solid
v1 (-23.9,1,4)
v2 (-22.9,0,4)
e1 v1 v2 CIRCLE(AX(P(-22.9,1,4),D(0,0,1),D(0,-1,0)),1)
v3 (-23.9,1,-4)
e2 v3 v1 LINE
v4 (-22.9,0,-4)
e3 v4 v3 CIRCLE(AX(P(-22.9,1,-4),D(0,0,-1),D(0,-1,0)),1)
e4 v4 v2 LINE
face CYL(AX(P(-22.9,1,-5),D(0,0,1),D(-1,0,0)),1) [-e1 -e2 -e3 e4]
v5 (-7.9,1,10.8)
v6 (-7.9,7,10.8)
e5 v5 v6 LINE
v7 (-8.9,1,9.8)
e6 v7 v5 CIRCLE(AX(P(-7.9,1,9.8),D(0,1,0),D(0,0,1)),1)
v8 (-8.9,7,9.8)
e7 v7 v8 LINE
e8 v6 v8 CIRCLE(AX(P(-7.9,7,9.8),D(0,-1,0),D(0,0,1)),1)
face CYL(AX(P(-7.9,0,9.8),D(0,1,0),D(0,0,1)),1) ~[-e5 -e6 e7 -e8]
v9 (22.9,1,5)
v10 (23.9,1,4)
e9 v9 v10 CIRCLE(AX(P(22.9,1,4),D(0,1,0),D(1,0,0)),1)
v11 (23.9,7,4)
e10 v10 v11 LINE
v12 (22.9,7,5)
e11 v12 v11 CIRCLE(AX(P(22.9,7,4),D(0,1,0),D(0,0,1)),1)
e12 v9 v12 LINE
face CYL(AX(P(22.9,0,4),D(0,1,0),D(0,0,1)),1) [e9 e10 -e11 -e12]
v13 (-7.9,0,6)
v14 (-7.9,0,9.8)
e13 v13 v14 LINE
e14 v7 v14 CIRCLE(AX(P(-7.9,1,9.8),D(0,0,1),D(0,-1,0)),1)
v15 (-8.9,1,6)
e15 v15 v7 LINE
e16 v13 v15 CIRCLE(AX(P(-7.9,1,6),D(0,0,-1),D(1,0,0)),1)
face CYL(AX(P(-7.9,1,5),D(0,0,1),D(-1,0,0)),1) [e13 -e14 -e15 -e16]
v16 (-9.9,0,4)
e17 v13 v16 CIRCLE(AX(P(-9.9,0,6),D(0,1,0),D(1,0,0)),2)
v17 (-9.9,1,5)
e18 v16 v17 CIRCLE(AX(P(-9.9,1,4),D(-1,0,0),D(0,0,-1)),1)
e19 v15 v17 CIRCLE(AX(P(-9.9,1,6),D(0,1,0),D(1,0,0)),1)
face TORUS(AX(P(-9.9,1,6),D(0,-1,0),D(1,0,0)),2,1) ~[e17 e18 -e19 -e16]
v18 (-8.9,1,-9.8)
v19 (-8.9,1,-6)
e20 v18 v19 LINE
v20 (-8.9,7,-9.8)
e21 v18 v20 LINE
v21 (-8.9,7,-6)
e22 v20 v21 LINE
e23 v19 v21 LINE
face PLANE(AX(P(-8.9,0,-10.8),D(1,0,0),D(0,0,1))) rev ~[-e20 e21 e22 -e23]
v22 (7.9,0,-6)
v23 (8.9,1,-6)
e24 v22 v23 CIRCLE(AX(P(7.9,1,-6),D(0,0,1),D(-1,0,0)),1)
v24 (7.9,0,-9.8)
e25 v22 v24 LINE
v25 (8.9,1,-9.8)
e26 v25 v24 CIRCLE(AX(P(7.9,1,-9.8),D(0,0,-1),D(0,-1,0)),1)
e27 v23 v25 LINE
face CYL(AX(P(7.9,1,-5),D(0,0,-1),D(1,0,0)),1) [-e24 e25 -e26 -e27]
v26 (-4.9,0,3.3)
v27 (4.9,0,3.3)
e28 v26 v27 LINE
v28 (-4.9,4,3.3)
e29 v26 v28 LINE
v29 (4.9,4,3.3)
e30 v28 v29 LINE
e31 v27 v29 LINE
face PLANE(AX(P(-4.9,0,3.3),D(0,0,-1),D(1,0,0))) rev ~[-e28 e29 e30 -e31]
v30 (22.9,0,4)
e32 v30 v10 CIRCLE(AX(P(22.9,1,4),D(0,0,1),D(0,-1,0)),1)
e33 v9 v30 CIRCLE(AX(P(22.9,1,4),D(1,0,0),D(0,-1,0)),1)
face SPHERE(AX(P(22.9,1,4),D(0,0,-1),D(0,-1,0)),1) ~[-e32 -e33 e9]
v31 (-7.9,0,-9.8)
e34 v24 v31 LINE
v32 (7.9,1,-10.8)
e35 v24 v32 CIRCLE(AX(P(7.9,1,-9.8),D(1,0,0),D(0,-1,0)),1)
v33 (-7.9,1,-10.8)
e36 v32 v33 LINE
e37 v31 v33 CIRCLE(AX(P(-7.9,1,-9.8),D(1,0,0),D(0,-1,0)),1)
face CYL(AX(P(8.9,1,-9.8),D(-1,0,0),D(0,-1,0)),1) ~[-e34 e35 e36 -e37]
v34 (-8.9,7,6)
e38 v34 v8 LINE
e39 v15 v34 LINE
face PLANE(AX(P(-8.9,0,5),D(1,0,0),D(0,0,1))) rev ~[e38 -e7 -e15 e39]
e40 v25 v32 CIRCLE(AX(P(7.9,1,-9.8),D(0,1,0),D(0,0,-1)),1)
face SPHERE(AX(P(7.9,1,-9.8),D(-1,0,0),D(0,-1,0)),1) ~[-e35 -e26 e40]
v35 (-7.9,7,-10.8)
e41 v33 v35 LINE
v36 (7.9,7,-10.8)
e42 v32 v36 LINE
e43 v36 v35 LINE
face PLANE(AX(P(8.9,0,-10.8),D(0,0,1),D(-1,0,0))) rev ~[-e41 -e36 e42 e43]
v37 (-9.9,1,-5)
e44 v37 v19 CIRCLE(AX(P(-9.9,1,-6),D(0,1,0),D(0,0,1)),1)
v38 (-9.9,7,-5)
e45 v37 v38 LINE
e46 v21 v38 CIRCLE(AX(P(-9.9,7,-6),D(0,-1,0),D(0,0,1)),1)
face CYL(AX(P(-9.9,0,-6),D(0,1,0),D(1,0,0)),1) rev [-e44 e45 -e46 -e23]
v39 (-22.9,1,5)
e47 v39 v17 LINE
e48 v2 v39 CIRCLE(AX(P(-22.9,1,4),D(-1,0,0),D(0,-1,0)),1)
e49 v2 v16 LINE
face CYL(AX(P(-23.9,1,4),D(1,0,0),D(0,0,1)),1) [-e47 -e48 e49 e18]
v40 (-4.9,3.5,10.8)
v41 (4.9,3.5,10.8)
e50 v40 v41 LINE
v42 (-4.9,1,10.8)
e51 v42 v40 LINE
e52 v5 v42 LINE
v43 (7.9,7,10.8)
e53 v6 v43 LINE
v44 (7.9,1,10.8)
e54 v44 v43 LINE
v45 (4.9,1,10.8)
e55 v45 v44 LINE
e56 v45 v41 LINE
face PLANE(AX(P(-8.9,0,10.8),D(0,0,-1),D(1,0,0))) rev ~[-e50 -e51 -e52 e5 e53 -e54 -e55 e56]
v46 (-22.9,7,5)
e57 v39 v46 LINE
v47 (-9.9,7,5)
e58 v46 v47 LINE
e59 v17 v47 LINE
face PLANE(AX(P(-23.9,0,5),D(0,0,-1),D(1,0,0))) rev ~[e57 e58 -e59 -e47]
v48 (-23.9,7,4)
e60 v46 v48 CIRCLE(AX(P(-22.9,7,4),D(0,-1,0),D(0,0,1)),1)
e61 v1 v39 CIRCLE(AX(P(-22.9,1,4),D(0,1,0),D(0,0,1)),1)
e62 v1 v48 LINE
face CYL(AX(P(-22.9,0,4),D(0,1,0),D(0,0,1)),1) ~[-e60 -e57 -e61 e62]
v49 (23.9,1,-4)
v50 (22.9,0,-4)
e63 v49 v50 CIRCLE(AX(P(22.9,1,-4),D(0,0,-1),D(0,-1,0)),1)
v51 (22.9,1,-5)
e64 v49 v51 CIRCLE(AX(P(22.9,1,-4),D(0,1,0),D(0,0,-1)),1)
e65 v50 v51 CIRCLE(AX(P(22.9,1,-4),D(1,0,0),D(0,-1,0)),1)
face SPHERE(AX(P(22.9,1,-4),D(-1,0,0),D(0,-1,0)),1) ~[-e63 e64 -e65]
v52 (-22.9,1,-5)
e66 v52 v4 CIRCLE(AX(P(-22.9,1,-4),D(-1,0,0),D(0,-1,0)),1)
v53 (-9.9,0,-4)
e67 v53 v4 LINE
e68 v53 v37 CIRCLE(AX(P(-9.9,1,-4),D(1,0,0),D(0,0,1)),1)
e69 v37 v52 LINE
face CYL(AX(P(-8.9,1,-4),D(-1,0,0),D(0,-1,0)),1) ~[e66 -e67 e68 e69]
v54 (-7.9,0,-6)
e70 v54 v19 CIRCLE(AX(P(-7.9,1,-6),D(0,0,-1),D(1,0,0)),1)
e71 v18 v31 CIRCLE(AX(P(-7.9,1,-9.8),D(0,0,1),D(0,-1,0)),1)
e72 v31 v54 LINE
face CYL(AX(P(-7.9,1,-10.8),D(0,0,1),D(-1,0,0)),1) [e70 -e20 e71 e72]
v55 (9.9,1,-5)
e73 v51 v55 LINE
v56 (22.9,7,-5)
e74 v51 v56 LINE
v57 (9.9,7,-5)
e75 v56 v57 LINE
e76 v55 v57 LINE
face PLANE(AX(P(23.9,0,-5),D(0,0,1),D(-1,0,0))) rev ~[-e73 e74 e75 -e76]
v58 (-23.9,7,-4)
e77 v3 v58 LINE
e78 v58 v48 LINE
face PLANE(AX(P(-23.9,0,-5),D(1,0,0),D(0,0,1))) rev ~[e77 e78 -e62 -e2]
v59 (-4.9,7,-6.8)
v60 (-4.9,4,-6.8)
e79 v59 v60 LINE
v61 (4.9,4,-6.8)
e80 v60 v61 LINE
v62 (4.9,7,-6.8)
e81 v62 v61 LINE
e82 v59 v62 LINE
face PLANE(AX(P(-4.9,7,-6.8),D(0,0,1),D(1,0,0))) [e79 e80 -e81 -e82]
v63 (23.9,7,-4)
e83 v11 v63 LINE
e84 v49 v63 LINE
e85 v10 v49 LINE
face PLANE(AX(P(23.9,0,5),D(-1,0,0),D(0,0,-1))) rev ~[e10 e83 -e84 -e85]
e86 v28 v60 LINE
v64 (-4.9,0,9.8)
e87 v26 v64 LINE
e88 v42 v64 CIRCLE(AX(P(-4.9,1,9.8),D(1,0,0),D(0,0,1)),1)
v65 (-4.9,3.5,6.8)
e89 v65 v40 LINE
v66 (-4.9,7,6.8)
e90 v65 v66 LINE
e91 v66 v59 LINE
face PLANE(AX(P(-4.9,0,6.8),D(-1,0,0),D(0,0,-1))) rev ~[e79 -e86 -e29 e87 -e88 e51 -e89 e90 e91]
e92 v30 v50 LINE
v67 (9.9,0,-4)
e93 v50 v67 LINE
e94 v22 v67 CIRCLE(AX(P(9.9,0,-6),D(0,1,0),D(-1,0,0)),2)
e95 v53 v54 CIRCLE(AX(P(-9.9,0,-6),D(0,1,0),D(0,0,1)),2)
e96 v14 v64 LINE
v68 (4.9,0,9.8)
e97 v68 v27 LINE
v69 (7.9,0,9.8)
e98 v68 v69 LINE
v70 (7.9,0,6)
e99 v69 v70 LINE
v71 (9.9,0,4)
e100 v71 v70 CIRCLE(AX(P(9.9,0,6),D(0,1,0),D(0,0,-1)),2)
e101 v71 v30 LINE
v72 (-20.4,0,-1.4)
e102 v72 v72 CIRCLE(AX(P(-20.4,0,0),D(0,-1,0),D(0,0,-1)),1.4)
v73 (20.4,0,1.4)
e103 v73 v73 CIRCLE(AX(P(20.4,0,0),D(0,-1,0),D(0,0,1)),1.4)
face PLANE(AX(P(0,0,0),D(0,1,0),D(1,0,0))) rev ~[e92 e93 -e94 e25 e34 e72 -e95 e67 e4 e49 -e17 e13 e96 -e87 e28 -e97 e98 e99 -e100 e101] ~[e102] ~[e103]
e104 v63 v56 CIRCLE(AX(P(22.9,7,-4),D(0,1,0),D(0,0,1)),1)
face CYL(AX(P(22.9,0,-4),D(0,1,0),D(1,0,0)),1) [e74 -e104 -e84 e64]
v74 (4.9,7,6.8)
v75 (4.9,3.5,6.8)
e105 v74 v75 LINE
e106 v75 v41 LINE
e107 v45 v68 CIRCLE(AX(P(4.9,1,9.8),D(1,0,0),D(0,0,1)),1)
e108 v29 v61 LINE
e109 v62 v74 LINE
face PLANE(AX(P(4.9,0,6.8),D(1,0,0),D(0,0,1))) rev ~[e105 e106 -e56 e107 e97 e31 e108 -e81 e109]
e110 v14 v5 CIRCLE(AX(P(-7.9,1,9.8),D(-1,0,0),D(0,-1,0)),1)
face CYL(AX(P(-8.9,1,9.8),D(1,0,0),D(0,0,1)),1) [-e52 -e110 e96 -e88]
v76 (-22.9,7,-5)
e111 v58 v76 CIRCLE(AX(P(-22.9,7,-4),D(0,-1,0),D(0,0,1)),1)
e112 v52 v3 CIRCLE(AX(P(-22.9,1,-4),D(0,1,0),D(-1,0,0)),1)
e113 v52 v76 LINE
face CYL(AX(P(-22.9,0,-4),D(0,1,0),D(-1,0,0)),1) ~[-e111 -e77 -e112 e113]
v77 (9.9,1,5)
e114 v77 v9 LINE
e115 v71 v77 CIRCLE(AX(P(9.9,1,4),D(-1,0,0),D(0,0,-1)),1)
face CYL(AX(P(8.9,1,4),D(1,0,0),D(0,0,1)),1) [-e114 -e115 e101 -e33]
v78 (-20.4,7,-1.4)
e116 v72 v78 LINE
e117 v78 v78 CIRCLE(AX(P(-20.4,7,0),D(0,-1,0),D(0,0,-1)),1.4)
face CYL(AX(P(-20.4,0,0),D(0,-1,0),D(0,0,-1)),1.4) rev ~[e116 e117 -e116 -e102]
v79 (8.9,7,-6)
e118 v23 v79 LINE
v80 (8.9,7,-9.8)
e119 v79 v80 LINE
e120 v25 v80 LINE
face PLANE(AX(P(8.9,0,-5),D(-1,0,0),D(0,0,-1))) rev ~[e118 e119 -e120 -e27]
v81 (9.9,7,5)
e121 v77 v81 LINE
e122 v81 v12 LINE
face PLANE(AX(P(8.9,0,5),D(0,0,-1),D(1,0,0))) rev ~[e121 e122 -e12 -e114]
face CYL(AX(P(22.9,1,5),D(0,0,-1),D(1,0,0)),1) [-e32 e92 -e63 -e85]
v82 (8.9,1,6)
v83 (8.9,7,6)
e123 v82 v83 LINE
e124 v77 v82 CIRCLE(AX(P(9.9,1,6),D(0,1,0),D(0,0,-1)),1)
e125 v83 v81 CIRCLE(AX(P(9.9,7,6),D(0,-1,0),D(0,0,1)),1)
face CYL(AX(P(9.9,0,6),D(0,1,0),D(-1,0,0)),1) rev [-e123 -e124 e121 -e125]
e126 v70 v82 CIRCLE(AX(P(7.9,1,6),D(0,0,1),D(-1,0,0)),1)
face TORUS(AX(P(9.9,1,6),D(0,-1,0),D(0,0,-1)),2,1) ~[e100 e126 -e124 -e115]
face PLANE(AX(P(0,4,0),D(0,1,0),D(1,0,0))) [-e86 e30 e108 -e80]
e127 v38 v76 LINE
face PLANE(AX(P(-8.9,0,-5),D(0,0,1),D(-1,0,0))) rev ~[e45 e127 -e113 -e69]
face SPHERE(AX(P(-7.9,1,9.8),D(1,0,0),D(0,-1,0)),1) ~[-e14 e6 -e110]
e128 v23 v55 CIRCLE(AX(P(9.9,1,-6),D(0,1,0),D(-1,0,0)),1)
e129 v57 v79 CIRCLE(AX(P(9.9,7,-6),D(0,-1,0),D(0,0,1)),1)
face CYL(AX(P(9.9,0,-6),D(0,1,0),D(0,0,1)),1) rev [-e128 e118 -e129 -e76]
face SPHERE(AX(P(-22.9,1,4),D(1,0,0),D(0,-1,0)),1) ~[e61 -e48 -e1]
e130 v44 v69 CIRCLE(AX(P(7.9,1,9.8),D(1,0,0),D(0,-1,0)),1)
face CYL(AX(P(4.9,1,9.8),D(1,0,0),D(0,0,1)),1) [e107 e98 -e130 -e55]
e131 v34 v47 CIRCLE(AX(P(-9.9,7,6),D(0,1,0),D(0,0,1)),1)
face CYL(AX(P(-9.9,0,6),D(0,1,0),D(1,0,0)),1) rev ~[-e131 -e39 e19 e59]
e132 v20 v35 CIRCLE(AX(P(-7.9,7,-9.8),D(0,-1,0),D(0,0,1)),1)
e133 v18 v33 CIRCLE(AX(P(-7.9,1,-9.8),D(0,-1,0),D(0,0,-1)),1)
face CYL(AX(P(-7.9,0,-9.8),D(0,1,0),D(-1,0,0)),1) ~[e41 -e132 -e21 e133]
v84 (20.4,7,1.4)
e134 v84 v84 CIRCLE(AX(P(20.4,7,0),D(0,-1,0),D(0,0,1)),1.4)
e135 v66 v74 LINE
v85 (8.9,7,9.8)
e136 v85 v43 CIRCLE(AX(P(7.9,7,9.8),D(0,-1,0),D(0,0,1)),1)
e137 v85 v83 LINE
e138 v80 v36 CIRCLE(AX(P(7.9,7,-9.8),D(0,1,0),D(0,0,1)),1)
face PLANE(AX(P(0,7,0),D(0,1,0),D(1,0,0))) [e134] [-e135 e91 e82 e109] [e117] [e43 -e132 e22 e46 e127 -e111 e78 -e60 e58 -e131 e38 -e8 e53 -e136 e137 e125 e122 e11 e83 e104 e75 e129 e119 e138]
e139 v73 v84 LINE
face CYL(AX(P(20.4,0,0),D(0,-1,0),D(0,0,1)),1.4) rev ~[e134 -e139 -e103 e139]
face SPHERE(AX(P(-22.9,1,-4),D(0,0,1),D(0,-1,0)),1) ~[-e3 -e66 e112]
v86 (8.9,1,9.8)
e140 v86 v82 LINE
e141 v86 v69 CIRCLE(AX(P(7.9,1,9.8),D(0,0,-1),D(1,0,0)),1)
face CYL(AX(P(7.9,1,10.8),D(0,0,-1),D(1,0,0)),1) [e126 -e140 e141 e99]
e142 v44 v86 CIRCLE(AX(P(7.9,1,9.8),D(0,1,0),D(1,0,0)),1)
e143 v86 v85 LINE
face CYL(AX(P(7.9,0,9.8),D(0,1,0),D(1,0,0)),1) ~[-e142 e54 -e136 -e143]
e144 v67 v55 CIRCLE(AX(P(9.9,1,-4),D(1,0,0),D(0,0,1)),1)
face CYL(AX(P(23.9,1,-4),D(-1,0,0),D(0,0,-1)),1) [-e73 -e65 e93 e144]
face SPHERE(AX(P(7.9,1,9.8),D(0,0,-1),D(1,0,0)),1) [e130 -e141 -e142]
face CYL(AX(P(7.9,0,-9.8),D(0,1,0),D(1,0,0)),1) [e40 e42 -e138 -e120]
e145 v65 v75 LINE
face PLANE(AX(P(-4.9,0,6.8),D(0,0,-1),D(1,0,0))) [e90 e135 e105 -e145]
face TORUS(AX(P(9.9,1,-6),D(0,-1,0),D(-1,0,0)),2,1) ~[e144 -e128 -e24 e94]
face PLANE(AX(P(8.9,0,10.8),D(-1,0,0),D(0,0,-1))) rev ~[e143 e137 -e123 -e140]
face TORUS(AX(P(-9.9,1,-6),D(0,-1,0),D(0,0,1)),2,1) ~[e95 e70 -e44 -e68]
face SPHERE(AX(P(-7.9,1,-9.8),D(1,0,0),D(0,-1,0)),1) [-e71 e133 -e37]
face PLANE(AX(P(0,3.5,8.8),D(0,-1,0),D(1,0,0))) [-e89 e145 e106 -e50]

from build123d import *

# Parameters (mm, degrees)
SKETCH1_W                 = 9.8
SKETCH1_H                 = 3.5
BASE_DEPTH                = 7
SKETCH2_W                 = 9.8
SKETCH2_H                 = 13.6
PCB_CUTOUT_DEPTH          = 3
SKETCH5_R                 = 1.4
SCREW_HOLES_DEPTH         = 28.14498112
SKETCH6_W                 = 9.8
SKETCH6_H                 = 4
PIN_HEADERS_OPENING_DEPTH = 3.5
F_1MM_EDGE_FILLETS_R      = 1


with BuildPart() as part:
    # Sketch1 → Base (new body)
    with BuildSketch(Plane(origin=(0, 0, 0), x_dir=(1, 0, 0), z_dir=(0, 1, 0))):
        Polygon((-8.9, 10.8), (-8.9, 5), (-23.9, 5), (-23.9, -5), (-8.9, -5), (-8.9, -10.8), (8.9, -10.8), (8.9, -5), (23.9, -5), (23.9, 5), (8.9, 5), (8.9, 10.8), (0, 10.8), align=None)
        with Locations((0, -5.05)):
            Rectangle(SKETCH1_W, SKETCH1_H, mode=Mode.SUBTRACT)
    extrude(amount=BASE_DEPTH)

    # Sketch2 → PCB Cutout (cut)
    with BuildSketch(Plane(origin=(0, 7, 0), x_dir=(1, 0, 0), z_dir=(0, 1, 0))):
        Rectangle(SKETCH2_W, SKETCH2_H)
    extrude(amount=-PCB_CUTOUT_DEPTH, mode=Mode.SUBTRACT)

    # Sketch5 → Screw Holes (cut, through all)
    with BuildSketch(Plane.XZ):
        with Locations((-20.4, 0)):
            Circle(SKETCH5_R)
        with Locations((20.4, 0)):
            Circle(SKETCH5_R)
    extrude(amount=-SCREW_HOLES_DEPTH, mode=Mode.SUBTRACT)

    # Sketch6 → Pin Headers Opening (cut)
    with BuildSketch(Plane.XZ):
        with Locations((0, 8.8)):
            Rectangle(SKETCH6_W, SKETCH6_H)
    extrude(amount=-PIN_HEADERS_OPENING_DEPTH, mode=Mode.SUBTRACT)

    # 1mm Edge Fillets
    f_1mm_edge_fillets_edges = [part.edges().sort_by_distance(p)[0] for p in [
        (-8.9, 3.5, -10.8),
        (8.9, 3.5, -10.8),
        (8.9, 3.5, -5),
        (23.9, 3.5, -5),
        (23.9, 3.5, 5),
        (8.9, 3.5, 5),
        (8.9, 3.5, 10.8),
        (-8.9, 3.5, 10.8),
        (-8.9, 3.5, 5),
        (-8.9, 3.5, -5),
        (-23.9, 3.5, -5),
        (-23.9, 3.5, 5),
        (-8.9, 0, 7.9),
        (-8.9, 0, -7.9),
        (8.9, 0, -7.9),
        (8.9, 0, 7.9),
        (6.9, 0, 10.8),
        (-6.9, 0, 10.8),
        (-16.4, 0, 5),
        (-23.9, 0, 0),
        (-16.4, 0, -5),
        (0, 0, -10.8),
        (16.4, 0, -5),
        (23.9, 0, 0),
        (16.4, 0, 5),
    ]]
    fillet(f_1mm_edge_fillets_edges, radius=F_1MM_EDGE_FILLETS_R)


solid = part.part
